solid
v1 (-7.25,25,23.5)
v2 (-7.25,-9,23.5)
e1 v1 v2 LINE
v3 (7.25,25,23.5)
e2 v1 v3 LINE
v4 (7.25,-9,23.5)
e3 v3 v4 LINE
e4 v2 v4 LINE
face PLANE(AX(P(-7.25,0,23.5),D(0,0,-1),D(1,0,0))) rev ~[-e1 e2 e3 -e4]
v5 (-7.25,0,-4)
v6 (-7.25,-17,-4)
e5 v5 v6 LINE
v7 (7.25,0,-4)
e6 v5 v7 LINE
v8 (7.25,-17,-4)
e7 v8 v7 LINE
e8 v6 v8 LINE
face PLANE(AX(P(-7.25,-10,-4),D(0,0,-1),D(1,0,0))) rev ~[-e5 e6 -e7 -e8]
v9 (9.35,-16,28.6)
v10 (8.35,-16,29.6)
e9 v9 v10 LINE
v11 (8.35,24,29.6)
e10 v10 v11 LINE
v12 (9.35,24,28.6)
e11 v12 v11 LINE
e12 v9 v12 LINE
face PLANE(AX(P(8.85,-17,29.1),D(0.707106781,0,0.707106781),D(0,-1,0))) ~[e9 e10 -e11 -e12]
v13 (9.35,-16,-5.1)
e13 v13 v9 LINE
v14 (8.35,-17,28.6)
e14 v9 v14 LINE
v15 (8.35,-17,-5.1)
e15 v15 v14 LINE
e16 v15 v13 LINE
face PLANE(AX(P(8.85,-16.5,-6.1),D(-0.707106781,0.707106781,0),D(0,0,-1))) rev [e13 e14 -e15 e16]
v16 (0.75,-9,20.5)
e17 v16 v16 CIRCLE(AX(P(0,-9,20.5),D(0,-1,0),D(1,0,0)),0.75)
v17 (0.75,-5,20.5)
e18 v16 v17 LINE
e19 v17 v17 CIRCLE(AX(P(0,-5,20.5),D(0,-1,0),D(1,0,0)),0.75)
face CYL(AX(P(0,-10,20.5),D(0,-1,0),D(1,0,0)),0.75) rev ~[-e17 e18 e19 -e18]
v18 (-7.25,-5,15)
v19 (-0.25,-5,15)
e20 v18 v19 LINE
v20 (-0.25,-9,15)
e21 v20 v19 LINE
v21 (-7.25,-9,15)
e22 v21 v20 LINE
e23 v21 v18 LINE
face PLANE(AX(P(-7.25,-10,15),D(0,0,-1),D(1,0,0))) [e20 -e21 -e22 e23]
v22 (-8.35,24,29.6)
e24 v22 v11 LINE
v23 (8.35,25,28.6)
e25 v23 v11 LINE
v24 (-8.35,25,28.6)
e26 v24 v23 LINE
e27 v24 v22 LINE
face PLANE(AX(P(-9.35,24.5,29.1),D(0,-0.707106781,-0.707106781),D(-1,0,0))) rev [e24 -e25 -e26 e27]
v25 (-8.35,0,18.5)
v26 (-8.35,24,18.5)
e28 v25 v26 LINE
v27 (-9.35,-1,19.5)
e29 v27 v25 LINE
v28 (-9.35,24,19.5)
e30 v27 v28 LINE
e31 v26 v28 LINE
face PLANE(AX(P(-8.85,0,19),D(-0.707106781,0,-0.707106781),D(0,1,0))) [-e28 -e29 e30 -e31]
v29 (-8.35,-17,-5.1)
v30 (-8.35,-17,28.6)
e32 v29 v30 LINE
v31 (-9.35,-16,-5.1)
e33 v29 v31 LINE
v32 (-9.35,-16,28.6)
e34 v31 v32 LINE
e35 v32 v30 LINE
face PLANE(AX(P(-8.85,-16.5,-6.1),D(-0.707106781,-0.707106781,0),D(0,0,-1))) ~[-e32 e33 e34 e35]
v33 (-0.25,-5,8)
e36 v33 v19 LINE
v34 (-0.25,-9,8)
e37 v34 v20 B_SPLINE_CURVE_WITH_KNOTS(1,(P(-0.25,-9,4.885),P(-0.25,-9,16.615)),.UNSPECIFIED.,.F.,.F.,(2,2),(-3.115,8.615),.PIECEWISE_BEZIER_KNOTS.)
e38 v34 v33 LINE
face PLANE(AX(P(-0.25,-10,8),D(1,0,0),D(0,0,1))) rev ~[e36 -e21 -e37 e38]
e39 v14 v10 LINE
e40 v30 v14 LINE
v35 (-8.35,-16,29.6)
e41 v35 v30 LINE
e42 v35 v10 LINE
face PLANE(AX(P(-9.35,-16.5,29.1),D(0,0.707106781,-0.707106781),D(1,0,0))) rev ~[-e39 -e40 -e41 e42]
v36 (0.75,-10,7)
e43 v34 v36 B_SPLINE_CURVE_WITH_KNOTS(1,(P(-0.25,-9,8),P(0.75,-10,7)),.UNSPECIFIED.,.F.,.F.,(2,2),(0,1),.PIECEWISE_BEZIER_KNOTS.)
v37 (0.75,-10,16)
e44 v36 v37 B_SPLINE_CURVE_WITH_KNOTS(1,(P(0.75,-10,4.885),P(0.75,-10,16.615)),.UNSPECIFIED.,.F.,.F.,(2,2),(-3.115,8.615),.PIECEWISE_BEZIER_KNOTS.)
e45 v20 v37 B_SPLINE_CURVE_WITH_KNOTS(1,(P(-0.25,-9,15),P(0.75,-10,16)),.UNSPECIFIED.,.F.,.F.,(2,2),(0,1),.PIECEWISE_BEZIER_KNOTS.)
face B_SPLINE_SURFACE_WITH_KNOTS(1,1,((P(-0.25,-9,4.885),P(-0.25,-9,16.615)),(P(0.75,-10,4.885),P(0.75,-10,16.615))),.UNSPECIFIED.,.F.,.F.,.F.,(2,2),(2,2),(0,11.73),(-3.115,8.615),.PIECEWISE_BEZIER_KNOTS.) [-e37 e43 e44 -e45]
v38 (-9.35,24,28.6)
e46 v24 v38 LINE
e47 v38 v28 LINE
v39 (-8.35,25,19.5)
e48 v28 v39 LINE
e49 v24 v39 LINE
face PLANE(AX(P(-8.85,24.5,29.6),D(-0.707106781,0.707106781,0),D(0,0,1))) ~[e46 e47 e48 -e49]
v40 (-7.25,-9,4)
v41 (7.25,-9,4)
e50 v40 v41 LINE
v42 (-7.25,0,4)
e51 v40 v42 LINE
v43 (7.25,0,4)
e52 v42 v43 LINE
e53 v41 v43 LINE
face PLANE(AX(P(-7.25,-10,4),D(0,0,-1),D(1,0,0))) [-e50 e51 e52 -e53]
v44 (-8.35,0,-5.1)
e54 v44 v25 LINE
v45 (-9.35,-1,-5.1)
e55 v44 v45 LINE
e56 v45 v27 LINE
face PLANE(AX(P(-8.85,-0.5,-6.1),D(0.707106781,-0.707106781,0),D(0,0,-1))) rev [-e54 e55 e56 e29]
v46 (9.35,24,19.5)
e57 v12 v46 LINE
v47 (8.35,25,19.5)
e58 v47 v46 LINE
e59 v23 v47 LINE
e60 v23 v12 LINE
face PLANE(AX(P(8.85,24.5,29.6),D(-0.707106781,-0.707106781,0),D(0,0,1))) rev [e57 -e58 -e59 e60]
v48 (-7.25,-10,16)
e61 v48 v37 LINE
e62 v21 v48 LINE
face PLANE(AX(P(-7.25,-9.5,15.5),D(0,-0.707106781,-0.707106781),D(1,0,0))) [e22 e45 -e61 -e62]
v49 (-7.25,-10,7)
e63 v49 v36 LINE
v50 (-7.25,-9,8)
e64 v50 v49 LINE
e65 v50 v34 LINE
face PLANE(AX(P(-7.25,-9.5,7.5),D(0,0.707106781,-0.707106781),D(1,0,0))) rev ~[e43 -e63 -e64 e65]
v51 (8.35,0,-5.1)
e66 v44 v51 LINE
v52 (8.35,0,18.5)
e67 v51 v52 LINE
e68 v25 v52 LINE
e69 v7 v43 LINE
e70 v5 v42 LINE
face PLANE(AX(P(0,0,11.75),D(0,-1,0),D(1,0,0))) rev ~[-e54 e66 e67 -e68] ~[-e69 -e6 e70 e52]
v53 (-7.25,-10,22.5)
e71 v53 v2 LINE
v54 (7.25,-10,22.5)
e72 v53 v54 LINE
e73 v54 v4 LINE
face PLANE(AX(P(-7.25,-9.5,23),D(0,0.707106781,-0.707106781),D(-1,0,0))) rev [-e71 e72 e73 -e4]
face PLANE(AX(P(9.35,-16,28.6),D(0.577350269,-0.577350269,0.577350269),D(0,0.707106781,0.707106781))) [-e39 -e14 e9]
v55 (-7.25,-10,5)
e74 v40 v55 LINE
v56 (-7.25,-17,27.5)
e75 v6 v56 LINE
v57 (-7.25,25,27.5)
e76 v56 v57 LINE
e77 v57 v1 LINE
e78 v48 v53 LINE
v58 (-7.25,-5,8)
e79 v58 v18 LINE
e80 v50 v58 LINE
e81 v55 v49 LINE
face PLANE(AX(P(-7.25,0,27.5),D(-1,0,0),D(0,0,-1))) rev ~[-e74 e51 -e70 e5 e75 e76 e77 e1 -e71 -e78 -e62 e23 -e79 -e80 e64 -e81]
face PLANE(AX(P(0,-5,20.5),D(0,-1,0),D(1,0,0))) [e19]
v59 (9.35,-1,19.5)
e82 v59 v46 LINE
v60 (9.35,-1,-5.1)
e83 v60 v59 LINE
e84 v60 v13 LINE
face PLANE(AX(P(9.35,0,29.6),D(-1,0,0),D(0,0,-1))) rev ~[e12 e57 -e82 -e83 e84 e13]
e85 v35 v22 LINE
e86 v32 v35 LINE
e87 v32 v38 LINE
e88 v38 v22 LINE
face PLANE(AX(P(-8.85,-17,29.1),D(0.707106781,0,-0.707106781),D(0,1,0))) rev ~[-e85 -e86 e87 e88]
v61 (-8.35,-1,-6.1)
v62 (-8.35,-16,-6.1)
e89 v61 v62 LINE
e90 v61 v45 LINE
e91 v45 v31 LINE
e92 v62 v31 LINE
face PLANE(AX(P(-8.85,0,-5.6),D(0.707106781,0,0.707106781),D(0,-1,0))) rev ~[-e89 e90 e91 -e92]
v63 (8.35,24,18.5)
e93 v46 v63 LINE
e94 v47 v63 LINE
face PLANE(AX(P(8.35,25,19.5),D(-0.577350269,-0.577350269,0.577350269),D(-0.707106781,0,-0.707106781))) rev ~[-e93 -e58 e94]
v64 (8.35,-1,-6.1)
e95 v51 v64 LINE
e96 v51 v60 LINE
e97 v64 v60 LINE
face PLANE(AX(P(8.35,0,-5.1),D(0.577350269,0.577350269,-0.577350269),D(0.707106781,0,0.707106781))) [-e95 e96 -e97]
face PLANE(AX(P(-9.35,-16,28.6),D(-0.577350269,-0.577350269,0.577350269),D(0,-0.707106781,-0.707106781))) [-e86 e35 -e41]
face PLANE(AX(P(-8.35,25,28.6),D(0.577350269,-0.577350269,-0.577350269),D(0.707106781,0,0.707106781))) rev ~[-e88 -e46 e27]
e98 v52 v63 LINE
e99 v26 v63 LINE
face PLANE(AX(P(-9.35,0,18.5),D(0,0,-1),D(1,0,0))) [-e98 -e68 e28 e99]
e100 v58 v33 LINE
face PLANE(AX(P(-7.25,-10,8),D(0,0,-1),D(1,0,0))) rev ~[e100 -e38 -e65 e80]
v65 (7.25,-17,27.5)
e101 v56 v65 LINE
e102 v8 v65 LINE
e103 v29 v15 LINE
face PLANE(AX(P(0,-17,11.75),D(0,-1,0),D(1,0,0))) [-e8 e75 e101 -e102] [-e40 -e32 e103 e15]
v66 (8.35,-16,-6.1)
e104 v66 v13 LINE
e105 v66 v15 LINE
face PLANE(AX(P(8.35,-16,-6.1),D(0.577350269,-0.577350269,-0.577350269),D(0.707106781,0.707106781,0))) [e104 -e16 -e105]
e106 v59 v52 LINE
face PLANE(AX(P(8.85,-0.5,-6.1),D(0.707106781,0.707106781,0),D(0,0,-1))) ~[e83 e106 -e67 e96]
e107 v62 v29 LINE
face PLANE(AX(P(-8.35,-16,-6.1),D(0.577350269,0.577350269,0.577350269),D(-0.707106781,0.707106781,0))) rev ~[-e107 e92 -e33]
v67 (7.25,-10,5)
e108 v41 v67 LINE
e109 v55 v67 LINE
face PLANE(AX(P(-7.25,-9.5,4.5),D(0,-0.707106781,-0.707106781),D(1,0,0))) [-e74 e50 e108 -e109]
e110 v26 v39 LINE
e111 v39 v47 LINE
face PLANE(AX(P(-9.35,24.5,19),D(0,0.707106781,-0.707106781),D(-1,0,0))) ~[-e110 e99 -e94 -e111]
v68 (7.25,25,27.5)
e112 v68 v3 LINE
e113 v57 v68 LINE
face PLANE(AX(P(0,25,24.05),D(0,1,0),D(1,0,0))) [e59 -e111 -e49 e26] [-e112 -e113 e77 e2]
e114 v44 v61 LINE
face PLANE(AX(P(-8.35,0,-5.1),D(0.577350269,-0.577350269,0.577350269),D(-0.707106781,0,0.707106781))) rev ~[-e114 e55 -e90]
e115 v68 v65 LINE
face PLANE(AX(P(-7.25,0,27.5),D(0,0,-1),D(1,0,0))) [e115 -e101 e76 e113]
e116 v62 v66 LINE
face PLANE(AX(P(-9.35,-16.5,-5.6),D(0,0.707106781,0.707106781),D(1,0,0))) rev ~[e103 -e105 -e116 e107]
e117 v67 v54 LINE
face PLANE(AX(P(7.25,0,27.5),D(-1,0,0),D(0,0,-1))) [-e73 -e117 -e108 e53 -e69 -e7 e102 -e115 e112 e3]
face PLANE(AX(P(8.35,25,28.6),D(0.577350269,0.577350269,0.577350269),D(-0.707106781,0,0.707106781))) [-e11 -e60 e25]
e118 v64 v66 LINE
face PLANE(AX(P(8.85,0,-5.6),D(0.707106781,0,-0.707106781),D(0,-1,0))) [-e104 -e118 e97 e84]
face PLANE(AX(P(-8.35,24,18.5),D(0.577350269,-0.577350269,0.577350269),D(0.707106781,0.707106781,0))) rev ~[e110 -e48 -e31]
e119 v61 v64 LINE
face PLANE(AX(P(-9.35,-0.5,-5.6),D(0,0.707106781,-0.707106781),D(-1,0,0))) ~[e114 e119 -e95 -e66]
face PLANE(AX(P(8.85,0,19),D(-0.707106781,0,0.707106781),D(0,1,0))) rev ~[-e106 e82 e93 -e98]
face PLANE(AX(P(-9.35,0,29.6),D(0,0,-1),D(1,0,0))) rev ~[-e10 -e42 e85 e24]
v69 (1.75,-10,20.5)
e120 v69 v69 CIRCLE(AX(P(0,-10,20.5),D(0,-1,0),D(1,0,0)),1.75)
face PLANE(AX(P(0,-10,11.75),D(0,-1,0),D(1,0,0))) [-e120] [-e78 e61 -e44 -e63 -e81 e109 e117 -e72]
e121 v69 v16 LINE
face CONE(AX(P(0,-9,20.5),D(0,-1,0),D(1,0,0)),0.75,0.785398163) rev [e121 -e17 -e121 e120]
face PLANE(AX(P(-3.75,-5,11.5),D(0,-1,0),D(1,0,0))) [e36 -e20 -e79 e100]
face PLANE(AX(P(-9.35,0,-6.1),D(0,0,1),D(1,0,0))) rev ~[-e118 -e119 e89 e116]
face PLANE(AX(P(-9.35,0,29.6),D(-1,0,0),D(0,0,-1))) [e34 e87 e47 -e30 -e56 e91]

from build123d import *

# Parameters (mm, degrees)
SKETCH_W        = 18.7
SKETCH_H        = 35.7
PAD_DEPTH       = 17
SKETCH001_W     = 14.5
SKETCH001_H     = 31.5
POCKET_DEPTH    = 7
SKETCH002_W     = 14.5
SKETCH002_H     = 8
SKETCH002_H_2   = 4
POCKET001_DEPTH = 10.001
SKETCH003_R     = 0.75
SKETCH003_W     = 7
SKETCH003_H     = 7
POCKET002_DEPTH = 5
SKETCH004_W     = 18.7
SKETCH004_H     = 11.1
SKETCH004_W_2   = 14.5
SKETCH004_H_2   = 4
PAD001_DEPTH    = 25
CHAMFER_SIZE    = 1


with BuildPart() as part:
    # Sketch → Pad (new body)
    with BuildSketch(Plane.XZ):
        with Locations((0, 11.75)):
            Rectangle(SKETCH_W, SKETCH_H)
    extrude(amount=PAD_DEPTH)

    # Sketch001 (on Face6 of Pad) → Pocket (cut)
    with BuildSketch(Plane.XZ.offset(17)):
        with Locations((0, 11.75)):
            Rectangle(SKETCH001_W, SKETCH001_H)
    extrude(amount=-POCKET_DEPTH, mode=Mode.SUBTRACT)

    # Sketch002 (on Face11 of Pocket) → Pocket001 (cut, through all)
    with BuildSketch(Plane.XZ.offset(10)):
        Rectangle(SKETCH002_W, SKETCH002_H)
        with Locations((0, 25.5)):
            Rectangle(SKETCH002_W, SKETCH002_H_2)
    extrude(amount=-POCKET001_DEPTH, mode=Mode.SUBTRACT)

    # Sketch003 (on Face9 of Pocket001) → Pocket002 (cut)
    with BuildSketch(Plane.XZ.offset(10)):
        with Locations((0, 20.5)):
            Circle(SKETCH003_R)
        with Locations((-3.75, 11.5)):
            Rectangle(SKETCH003_W, SKETCH003_H)
    extrude(amount=-POCKET002_DEPTH, mode=Mode.SUBTRACT)

    # Sketch004 (on Face4 of Pocket002) → Pad001 (join)
    with BuildSketch(Plane(origin=(0, 0, 0), x_dir=(1, 0, 0), z_dir=(0, 1, 0))):
        with Locations((0, -24.05)):
            Rectangle(SKETCH004_W, SKETCH004_H)
        with Locations((0, -25.5)):
            Rectangle(SKETCH004_W_2, SKETCH004_H_2, mode=Mode.SUBTRACT)
    extrude(amount=PAD001_DEPTH)

    # Chamfer
    chamfer_edges = [part.edges().sort_by_distance(p)[0] for p in [
        (0, -17, 29.6),
        (9.35, -17, 11.75),
        (9.35, 4, 29.6),
        (-9.35, 4, 29.6),
        (-9.35, -17, 11.75),
        (0, -17, -6.1),
        (9.35, -8.5, -6.1),
        (-9.35, -8.5, -6.1),
        (0, 0, -6.1),
        (9.35, 0, 6.2),
        (9.35, 12.5, 18.5),
        (9.35, 25, 24.05),
        (-9.35, 25, 24.05),
        (-9.35, 12.5, 18.5),
        (-9.35, 0, 6.2),
        (0, 25, 18.5),
        (0, 25, 29.6),
        (0, -10, 23.5),
        (0, -10, 4),
        (-0.75, -10, 20.5),
        (-3.75, -10, 15),
        (-0.25, -10, 11.5),
        (-3.75, -10, 8),
    ]]
    chamfer(chamfer_edges, length=CHAMFER_SIZE)


solid = part.part
